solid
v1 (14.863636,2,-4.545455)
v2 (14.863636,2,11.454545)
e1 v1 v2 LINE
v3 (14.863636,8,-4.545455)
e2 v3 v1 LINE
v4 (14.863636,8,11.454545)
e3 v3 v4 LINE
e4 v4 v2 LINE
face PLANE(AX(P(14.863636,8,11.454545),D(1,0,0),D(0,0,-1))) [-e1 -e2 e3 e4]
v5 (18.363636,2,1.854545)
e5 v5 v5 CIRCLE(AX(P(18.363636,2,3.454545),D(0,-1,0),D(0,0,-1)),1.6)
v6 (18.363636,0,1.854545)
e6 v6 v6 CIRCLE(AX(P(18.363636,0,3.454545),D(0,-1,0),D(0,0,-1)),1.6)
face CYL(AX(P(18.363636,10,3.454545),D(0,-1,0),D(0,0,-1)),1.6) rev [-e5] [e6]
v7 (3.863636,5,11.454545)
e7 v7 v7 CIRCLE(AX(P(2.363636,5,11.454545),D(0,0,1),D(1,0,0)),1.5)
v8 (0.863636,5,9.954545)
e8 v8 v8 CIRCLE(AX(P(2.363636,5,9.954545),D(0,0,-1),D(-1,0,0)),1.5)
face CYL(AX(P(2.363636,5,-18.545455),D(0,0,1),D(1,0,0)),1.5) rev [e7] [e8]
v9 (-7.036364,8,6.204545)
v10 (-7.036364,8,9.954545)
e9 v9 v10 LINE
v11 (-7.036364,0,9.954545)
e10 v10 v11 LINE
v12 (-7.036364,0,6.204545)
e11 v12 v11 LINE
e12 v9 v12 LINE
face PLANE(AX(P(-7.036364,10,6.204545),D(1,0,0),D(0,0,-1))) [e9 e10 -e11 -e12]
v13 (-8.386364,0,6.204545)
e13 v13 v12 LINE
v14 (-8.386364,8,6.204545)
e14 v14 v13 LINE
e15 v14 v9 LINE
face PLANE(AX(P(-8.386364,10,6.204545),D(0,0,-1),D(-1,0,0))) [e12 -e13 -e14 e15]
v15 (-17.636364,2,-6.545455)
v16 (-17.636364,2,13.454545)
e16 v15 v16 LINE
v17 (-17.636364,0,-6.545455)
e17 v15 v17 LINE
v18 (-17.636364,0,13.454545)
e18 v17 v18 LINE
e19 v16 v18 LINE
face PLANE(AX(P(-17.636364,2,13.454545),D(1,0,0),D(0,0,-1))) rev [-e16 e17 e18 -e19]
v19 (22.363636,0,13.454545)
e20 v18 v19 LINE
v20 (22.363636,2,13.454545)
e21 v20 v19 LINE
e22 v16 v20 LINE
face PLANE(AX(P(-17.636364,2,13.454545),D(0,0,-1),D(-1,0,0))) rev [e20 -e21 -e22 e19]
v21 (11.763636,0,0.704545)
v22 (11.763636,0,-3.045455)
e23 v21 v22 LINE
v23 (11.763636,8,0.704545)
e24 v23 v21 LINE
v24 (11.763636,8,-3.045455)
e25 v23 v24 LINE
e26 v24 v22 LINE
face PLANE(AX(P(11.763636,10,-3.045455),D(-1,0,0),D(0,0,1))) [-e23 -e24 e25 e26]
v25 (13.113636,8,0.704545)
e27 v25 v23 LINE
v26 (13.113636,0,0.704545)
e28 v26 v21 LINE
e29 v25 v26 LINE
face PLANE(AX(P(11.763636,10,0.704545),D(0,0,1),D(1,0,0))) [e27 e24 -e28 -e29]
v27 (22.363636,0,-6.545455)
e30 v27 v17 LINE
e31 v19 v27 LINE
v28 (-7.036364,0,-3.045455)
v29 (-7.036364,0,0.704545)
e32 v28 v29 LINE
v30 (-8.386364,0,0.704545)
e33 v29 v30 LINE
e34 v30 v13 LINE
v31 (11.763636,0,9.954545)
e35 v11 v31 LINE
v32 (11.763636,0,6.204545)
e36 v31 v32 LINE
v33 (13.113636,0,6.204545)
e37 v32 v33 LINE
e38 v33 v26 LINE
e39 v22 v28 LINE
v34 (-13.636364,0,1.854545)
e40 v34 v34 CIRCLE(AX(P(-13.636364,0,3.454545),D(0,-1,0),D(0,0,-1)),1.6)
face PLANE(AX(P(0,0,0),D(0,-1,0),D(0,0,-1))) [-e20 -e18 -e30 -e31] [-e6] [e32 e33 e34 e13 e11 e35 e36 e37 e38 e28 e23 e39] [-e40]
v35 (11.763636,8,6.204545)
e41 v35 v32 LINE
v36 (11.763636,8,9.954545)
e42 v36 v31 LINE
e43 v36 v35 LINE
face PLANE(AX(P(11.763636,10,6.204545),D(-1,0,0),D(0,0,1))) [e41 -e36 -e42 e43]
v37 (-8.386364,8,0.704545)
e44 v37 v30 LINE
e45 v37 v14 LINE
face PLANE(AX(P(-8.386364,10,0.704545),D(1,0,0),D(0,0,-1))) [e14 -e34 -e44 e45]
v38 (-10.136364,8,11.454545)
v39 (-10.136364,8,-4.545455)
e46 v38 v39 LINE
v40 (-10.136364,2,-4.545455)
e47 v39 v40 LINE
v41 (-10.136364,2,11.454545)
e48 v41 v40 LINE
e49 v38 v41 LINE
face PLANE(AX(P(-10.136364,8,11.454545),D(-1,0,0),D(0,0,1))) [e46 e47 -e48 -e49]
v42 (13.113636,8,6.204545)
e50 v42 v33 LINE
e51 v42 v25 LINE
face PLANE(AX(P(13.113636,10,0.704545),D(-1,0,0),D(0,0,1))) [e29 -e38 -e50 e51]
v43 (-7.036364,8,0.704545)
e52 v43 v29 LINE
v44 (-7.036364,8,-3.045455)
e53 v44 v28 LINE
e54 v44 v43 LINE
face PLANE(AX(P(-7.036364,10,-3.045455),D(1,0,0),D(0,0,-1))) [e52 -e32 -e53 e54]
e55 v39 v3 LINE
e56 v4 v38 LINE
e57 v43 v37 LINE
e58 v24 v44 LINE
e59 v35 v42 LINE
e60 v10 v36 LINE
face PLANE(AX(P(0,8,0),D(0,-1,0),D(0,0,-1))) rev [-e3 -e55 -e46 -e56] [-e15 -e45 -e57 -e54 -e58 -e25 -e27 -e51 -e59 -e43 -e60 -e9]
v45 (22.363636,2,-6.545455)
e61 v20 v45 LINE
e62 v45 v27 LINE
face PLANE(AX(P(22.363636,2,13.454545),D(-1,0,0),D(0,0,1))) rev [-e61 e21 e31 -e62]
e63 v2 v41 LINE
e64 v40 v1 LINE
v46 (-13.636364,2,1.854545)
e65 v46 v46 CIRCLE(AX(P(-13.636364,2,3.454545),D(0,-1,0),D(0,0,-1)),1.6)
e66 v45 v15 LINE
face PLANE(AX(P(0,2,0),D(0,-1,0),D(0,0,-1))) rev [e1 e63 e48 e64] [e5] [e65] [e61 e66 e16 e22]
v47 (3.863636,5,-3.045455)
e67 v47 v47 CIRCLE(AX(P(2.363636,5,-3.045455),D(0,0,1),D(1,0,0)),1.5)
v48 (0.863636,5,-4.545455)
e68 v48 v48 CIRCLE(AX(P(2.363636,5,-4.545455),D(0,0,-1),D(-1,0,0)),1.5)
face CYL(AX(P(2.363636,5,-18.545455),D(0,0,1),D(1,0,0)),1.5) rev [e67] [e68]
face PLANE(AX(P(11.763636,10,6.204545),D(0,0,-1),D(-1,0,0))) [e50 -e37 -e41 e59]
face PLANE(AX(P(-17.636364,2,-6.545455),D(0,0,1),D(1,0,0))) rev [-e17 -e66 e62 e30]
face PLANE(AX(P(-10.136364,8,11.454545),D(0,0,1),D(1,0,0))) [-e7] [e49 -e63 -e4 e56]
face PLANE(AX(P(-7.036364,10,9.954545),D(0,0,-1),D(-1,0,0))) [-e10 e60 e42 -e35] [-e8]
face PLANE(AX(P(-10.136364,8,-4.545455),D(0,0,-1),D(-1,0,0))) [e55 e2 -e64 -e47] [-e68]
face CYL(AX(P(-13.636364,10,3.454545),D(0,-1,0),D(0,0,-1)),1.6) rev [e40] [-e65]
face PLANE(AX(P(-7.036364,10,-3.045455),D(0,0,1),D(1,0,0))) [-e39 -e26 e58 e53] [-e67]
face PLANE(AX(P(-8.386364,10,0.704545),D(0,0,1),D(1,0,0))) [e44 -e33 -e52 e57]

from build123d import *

# Parameters (mm, degrees)
SKETCH2_W           = 40
SKETCH2_H           = 20
BOSS_EXTRUDE1_DEPTH = 2
SKETCH3_W           = 25
SKETCH3_H           = 16
BOSS_EXTRUDE2_DEPTH = 8
CUT_EXTRUDE1_DEPTH  = 10
SKETCH5_R           = 1.6
CUT_EXTRUDE2_DEPTH  = 10
SKETCH6_R           = 1.5
CUT_EXTRUDE3_DEPTH  = 30


with BuildPart() as part:
    # Sketch2 → Boss-Extrude1 (new body)
    with BuildSketch(Plane(origin=(0, 0, 0), x_dir=(1, 0, 0), z_dir=(0, 1, 0))):
        with Locations((2.363636364, -3.454545455)):
            Rectangle(SKETCH2_W, SKETCH2_H)
    extrude(amount=BOSS_EXTRUDE1_DEPTH)

    # Sketch3 → Boss-Extrude2 (add)
    with BuildSketch(Plane.XZ):
        with Locations((2.363636364, 3.454545455)):
            Rectangle(SKETCH3_W, SKETCH3_H)
    extrude(amount=-BOSS_EXTRUDE2_DEPTH)

    # Sketch1 → Cut-Extrude1 (cut)
    with BuildSketch(Plane(origin=(0, 0, 0), x_dir=(1, 0, 0), z_dir=(0, 1, 0))):
        Polygon((-7.036363636, 3.045454545), (11.763636364, 3.045454545), (11.763636364, -0.704545455), (13.113636364, -0.704545455), (13.113636364, -6.204545455), (11.763636364, -6.204545455), (11.763636364, -9.954545455), (-7.036363636, -9.954545455), (-7.036363636, -6.204545455), (-8.386363636, -6.204545455), (-8.386363636, -0.704545455), (-7.036363636, -0.704545455), align=None)
    extrude(amount=CUT_EXTRUDE1_DEPTH, mode=Mode.SUBTRACT)

    # Sketch5 → Cut-Extrude2 (cut)
    with BuildSketch(Plane.XZ):
        with Locations((18.363636364, 3.454545455)):
            Circle(SKETCH5_R)
        with Locations((-13.636363636, 3.454545455)):
            Circle(SKETCH5_R)
    extrude(amount=-CUT_EXTRUDE2_DEPTH, mode=Mode.SUBTRACT)

    # Sketch6 → Cut-Extrude3 (cut)
    with BuildSketch(Plane.XY.offset(11.454545455)):
        with Locations((2.363636364, 5)):
            Circle(SKETCH6_R)
    extrude(amount=-CUT_EXTRUDE3_DEPTH, mode=Mode.SUBTRACT)


solid = part.part
